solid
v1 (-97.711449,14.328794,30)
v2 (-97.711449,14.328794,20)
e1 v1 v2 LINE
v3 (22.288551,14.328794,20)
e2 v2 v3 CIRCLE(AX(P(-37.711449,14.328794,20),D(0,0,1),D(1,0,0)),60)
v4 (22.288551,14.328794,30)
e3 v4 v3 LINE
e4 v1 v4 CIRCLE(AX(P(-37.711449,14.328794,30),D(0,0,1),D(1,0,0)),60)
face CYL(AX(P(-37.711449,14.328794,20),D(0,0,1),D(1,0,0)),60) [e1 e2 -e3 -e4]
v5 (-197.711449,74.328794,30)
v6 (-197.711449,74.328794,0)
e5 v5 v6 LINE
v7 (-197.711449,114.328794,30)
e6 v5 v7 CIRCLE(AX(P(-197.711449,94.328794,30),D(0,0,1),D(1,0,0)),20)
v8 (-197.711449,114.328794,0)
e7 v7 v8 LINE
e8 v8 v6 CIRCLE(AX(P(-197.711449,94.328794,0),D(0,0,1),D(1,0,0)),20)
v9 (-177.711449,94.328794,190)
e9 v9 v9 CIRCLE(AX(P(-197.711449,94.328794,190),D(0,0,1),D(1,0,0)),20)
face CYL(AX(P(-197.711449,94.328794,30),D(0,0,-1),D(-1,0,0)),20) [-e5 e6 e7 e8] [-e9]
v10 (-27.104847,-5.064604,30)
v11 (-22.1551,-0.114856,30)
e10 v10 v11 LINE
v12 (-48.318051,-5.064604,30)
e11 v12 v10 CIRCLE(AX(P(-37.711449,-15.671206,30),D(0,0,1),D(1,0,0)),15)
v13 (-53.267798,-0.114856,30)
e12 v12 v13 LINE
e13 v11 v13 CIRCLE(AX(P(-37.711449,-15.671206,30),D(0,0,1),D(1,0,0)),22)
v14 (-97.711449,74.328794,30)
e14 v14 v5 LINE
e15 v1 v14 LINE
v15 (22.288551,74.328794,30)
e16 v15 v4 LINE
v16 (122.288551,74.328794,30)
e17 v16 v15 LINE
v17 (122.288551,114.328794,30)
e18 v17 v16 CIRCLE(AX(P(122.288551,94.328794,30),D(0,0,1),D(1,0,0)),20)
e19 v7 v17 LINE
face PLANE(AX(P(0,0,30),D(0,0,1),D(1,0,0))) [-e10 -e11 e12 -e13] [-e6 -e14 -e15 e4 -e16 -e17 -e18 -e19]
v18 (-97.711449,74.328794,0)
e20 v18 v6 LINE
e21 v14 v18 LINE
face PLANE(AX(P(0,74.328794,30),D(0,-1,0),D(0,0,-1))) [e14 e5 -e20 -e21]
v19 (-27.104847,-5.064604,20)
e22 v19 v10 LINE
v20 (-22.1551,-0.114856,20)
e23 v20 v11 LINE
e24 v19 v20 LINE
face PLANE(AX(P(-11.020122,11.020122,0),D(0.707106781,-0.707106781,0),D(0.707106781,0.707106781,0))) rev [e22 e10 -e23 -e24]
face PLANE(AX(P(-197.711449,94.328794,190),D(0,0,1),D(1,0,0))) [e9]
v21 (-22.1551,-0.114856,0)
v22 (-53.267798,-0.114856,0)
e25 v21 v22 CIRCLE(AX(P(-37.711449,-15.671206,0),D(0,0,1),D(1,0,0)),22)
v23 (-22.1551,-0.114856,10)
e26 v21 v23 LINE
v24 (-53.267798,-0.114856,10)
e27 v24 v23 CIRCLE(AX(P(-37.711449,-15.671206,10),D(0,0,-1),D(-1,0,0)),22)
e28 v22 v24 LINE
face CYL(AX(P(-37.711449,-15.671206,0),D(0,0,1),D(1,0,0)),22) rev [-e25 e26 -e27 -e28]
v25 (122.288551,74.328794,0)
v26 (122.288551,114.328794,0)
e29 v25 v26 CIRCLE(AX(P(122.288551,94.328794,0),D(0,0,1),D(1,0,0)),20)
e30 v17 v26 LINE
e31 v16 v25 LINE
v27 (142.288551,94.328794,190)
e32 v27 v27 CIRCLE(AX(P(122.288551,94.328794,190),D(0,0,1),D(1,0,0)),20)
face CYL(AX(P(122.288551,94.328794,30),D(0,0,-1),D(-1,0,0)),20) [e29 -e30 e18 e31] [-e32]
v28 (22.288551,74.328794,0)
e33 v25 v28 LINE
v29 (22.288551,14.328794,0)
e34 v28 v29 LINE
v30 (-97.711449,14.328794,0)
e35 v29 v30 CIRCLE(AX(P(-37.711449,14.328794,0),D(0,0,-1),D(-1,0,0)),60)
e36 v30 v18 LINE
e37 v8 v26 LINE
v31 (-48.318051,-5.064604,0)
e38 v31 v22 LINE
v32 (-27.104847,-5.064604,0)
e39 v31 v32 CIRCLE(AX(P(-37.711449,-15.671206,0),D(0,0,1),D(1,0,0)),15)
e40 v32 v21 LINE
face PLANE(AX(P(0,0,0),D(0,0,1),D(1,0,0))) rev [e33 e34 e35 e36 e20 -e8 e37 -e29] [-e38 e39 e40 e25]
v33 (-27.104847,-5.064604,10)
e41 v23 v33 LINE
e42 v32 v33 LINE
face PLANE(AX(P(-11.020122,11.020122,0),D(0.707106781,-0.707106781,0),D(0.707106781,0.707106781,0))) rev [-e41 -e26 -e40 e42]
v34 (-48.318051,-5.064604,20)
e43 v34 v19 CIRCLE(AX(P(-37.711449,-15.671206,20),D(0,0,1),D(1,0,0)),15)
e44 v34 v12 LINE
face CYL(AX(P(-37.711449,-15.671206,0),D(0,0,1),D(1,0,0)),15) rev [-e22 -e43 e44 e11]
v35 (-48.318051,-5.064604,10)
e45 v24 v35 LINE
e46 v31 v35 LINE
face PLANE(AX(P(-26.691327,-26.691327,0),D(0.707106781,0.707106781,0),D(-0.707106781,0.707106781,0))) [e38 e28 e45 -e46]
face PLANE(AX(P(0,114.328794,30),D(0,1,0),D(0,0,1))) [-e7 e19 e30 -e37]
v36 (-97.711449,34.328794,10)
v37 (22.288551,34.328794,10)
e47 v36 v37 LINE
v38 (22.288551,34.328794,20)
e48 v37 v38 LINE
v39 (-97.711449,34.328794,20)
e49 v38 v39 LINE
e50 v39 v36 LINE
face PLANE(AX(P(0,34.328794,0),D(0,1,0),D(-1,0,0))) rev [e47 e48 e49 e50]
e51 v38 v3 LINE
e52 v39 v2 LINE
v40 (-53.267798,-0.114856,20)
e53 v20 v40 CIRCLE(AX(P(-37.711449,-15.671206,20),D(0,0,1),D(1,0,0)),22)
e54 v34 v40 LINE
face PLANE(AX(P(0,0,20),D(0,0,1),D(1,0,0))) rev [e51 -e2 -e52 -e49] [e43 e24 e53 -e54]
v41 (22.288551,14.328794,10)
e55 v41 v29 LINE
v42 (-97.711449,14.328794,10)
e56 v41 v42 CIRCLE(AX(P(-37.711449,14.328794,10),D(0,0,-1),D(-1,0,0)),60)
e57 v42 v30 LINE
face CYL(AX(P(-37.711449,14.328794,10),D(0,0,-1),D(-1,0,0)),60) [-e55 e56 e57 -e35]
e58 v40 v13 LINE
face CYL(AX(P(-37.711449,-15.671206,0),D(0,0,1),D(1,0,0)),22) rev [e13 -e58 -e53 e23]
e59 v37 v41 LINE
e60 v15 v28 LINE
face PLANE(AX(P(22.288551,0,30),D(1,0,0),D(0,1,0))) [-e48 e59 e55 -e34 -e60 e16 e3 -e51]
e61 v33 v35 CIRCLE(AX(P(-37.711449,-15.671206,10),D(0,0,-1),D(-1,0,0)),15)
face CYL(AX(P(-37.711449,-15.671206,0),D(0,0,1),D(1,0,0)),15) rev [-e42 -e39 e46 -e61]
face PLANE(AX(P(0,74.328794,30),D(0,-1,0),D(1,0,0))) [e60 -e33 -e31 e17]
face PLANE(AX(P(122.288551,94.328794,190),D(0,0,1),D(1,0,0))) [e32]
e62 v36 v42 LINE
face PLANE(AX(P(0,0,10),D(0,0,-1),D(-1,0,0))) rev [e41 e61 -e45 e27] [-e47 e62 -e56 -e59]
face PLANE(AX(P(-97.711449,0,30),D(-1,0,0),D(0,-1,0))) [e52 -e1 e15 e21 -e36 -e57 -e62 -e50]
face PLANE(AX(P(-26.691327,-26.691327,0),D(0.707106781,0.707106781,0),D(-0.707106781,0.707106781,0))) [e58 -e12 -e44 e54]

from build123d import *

# Parameters (mm, degrees)
SKETCH_1_R          = 20
EXTRUDE_1_DEPTH     = 30
EXTRUDE_2_DEPTH     = 10
EXTRUDE_START       = -10
EXTRUDE_3_DEPTH     = 10
CUT_EXTRUDE_1_DEPTH = 30
SKETCH_6_W          = 120
SKETCH_6_H          = 10
CUT_EXTRUDE_2_DEPTH = 20
SKETCH_7_R          = 20
EXTRUDE_4_DEPTH     = 160


with BuildPart() as part:
    # 草图1 → 凸台-拉伸1 (new body)
    with BuildSketch(Plane.XY):
        with Locations((-197.711448945, 94.32879439)):
            Circle(SKETCH_1_R)
        with Locations((122.288551055, 94.32879439)):
            Circle(SKETCH_1_R)
        Polygon((-197.711448945, 114.32879439), (122.288551055, 114.32879439), (122.288551055, 74.32879439), (22.288551055, 74.32879439), (22.288551055, 14.32879439), (-97.711448945, 14.32879439), (-97.711448945, 74.32879439), (-197.711448945, 74.32879439), align=None)
    extrude(amount=EXTRUDE_1_DEPTH)

    # 草图3 → 凸台-拉伸2 (add)
    with BuildSketch(Plane(origin=(0, 0, 0), x_dir=(-1, 0, 0), z_dir=(0, 0, -1))):
        with BuildLine():
            ThreePointArc((97.711448945, 14.32879439), (37.711448945, 74.32879439), (-22.288551055, 14.32879439))
            Line((-22.288551055, 14.32879439), (97.711448945, 14.32879439))
        make_face()
        with BuildLine():
            Line((97.711448945, 14.32879439), (-22.288551055, 14.32879439))
            ThreePointArc((-22.288551055, 14.32879439), (37.711448945, -45.67120561), (97.711448945, 14.32879439))
        make_face()
    extrude(amount=-EXTRUDE_2_DEPTH)

    # 草图4 → 凸台-拉伸3 (add)
    with BuildSketch(Plane.XY.offset(30).offset(EXTRUDE_START)):
        with BuildLine():
            ThreePointArc((22.288551055, 14.32879439), (-37.711448945, 74.32879439), (-97.711448945, 14.32879439))
            Line((-97.711448945, 14.32879439), (22.288551055, 14.32879439))
        make_face()
        with BuildLine():
            Line((22.288551055, 14.32879439), (-97.711448945, 14.32879439))
            ThreePointArc((-97.711448945, 14.32879439), (-37.711448945, -45.67120561), (22.288551055, 14.32879439))
        make_face()
    extrude(amount=EXTRUDE_3_DEPTH)

    # 草图5 → 切除-拉伸1 (cut)
    with BuildSketch(Plane.XY.offset(30)):
        with BuildLine():
            ThreePointArc((-37.711448945, 6.32879439), (-46.130484457, 4.654144105), (-53.267798131, -0.114856424))
            Line((-53.267798131, -0.114856424), (-48.318050663, -5.064603892))
            ThreePointArc((-48.318050663, -5.064603892), (-43.45170043, -1.813012622), (-37.711448945, -0.67120561))
            Line((-37.711448945, -0.67120561), (-37.711448945, 6.32879439))
        make_face()
        with BuildLine():
            ThreePointArc((-22.155099759, -0.114856424), (-29.292413433, 4.654144105), (-37.711448945, 6.32879439))
            Line((-37.711448945, 6.32879439), (-37.711448945, -0.67120561))
            ThreePointArc((-37.711448945, -0.67120561), (-31.971197459, -1.813012622), (-27.104847227, -5.064603892))
            Line((-27.104847227, -5.064603892), (-22.155099759, -0.114856424))
        make_face()
        with BuildLine():
            ThreePointArc((-27.104847227, -5.064603892), (-31.971197459, -1.813012622), (-37.711448945, -0.67120561))
            Line((-37.711448945, -0.67120561), (-37.711448945, -15.67120561))
            Line((-37.711448945, -15.67120561), (-27.104847227, -5.064603892))
        make_face()
        with BuildLine():
            ThreePointArc((-37.711448945, -0.67120561), (-43.45170043, -1.813012622), (-48.318050663, -5.064603892))
            Line((-48.318050663, -5.064603892), (-37.711448945, -15.67120561))
            Line((-37.711448945, -15.67120561), (-37.711448945, -0.67120561))
        make_face()
        with BuildLine():
            Line((-37.711448945, -15.67120561), (-48.318050663, -5.064603892))
            ThreePointArc((-48.318050663, -5.064603892), (-43.45170043, -29.529398598), (-22.711448945, -15.67120561))
            ThreePointArc((-22.711448945, -15.67120561), (-23.853255957, -9.930954125), (-27.104847227, -5.064603892))
            Line((-27.104847227, -5.064603892), (-37.711448945, -15.67120561))
        make_face()
    extrude(amount=-CUT_EXTRUDE_1_DEPTH, mode=Mode.SUBTRACT)

    # 草图6 → 切除-拉伸2 (cut)
    with BuildSketch(Plane.XZ.offset(-14.32879439)):
        with Locations((-37.711448945, 15)):
            Rectangle(SKETCH_6_W, SKETCH_6_H)
    extrude(amount=-CUT_EXTRUDE_2_DEPTH, mode=Mode.SUBTRACT)

    # 草图7 → 凸台-拉伸4 (add)
    with BuildSketch(Plane.XY.offset(30)):
        with Locations(Location((-197.711448945, 94.32879439, 0), (0, 0, 90))):
            Circle(SKETCH_7_R)
        with Locations(Location((122.288551055, 94.32879439, 0), (0, 0, 90))):
            Circle(SKETCH_7_R)
    extrude(amount=EXTRUDE_4_DEPTH)


solid = part.part
